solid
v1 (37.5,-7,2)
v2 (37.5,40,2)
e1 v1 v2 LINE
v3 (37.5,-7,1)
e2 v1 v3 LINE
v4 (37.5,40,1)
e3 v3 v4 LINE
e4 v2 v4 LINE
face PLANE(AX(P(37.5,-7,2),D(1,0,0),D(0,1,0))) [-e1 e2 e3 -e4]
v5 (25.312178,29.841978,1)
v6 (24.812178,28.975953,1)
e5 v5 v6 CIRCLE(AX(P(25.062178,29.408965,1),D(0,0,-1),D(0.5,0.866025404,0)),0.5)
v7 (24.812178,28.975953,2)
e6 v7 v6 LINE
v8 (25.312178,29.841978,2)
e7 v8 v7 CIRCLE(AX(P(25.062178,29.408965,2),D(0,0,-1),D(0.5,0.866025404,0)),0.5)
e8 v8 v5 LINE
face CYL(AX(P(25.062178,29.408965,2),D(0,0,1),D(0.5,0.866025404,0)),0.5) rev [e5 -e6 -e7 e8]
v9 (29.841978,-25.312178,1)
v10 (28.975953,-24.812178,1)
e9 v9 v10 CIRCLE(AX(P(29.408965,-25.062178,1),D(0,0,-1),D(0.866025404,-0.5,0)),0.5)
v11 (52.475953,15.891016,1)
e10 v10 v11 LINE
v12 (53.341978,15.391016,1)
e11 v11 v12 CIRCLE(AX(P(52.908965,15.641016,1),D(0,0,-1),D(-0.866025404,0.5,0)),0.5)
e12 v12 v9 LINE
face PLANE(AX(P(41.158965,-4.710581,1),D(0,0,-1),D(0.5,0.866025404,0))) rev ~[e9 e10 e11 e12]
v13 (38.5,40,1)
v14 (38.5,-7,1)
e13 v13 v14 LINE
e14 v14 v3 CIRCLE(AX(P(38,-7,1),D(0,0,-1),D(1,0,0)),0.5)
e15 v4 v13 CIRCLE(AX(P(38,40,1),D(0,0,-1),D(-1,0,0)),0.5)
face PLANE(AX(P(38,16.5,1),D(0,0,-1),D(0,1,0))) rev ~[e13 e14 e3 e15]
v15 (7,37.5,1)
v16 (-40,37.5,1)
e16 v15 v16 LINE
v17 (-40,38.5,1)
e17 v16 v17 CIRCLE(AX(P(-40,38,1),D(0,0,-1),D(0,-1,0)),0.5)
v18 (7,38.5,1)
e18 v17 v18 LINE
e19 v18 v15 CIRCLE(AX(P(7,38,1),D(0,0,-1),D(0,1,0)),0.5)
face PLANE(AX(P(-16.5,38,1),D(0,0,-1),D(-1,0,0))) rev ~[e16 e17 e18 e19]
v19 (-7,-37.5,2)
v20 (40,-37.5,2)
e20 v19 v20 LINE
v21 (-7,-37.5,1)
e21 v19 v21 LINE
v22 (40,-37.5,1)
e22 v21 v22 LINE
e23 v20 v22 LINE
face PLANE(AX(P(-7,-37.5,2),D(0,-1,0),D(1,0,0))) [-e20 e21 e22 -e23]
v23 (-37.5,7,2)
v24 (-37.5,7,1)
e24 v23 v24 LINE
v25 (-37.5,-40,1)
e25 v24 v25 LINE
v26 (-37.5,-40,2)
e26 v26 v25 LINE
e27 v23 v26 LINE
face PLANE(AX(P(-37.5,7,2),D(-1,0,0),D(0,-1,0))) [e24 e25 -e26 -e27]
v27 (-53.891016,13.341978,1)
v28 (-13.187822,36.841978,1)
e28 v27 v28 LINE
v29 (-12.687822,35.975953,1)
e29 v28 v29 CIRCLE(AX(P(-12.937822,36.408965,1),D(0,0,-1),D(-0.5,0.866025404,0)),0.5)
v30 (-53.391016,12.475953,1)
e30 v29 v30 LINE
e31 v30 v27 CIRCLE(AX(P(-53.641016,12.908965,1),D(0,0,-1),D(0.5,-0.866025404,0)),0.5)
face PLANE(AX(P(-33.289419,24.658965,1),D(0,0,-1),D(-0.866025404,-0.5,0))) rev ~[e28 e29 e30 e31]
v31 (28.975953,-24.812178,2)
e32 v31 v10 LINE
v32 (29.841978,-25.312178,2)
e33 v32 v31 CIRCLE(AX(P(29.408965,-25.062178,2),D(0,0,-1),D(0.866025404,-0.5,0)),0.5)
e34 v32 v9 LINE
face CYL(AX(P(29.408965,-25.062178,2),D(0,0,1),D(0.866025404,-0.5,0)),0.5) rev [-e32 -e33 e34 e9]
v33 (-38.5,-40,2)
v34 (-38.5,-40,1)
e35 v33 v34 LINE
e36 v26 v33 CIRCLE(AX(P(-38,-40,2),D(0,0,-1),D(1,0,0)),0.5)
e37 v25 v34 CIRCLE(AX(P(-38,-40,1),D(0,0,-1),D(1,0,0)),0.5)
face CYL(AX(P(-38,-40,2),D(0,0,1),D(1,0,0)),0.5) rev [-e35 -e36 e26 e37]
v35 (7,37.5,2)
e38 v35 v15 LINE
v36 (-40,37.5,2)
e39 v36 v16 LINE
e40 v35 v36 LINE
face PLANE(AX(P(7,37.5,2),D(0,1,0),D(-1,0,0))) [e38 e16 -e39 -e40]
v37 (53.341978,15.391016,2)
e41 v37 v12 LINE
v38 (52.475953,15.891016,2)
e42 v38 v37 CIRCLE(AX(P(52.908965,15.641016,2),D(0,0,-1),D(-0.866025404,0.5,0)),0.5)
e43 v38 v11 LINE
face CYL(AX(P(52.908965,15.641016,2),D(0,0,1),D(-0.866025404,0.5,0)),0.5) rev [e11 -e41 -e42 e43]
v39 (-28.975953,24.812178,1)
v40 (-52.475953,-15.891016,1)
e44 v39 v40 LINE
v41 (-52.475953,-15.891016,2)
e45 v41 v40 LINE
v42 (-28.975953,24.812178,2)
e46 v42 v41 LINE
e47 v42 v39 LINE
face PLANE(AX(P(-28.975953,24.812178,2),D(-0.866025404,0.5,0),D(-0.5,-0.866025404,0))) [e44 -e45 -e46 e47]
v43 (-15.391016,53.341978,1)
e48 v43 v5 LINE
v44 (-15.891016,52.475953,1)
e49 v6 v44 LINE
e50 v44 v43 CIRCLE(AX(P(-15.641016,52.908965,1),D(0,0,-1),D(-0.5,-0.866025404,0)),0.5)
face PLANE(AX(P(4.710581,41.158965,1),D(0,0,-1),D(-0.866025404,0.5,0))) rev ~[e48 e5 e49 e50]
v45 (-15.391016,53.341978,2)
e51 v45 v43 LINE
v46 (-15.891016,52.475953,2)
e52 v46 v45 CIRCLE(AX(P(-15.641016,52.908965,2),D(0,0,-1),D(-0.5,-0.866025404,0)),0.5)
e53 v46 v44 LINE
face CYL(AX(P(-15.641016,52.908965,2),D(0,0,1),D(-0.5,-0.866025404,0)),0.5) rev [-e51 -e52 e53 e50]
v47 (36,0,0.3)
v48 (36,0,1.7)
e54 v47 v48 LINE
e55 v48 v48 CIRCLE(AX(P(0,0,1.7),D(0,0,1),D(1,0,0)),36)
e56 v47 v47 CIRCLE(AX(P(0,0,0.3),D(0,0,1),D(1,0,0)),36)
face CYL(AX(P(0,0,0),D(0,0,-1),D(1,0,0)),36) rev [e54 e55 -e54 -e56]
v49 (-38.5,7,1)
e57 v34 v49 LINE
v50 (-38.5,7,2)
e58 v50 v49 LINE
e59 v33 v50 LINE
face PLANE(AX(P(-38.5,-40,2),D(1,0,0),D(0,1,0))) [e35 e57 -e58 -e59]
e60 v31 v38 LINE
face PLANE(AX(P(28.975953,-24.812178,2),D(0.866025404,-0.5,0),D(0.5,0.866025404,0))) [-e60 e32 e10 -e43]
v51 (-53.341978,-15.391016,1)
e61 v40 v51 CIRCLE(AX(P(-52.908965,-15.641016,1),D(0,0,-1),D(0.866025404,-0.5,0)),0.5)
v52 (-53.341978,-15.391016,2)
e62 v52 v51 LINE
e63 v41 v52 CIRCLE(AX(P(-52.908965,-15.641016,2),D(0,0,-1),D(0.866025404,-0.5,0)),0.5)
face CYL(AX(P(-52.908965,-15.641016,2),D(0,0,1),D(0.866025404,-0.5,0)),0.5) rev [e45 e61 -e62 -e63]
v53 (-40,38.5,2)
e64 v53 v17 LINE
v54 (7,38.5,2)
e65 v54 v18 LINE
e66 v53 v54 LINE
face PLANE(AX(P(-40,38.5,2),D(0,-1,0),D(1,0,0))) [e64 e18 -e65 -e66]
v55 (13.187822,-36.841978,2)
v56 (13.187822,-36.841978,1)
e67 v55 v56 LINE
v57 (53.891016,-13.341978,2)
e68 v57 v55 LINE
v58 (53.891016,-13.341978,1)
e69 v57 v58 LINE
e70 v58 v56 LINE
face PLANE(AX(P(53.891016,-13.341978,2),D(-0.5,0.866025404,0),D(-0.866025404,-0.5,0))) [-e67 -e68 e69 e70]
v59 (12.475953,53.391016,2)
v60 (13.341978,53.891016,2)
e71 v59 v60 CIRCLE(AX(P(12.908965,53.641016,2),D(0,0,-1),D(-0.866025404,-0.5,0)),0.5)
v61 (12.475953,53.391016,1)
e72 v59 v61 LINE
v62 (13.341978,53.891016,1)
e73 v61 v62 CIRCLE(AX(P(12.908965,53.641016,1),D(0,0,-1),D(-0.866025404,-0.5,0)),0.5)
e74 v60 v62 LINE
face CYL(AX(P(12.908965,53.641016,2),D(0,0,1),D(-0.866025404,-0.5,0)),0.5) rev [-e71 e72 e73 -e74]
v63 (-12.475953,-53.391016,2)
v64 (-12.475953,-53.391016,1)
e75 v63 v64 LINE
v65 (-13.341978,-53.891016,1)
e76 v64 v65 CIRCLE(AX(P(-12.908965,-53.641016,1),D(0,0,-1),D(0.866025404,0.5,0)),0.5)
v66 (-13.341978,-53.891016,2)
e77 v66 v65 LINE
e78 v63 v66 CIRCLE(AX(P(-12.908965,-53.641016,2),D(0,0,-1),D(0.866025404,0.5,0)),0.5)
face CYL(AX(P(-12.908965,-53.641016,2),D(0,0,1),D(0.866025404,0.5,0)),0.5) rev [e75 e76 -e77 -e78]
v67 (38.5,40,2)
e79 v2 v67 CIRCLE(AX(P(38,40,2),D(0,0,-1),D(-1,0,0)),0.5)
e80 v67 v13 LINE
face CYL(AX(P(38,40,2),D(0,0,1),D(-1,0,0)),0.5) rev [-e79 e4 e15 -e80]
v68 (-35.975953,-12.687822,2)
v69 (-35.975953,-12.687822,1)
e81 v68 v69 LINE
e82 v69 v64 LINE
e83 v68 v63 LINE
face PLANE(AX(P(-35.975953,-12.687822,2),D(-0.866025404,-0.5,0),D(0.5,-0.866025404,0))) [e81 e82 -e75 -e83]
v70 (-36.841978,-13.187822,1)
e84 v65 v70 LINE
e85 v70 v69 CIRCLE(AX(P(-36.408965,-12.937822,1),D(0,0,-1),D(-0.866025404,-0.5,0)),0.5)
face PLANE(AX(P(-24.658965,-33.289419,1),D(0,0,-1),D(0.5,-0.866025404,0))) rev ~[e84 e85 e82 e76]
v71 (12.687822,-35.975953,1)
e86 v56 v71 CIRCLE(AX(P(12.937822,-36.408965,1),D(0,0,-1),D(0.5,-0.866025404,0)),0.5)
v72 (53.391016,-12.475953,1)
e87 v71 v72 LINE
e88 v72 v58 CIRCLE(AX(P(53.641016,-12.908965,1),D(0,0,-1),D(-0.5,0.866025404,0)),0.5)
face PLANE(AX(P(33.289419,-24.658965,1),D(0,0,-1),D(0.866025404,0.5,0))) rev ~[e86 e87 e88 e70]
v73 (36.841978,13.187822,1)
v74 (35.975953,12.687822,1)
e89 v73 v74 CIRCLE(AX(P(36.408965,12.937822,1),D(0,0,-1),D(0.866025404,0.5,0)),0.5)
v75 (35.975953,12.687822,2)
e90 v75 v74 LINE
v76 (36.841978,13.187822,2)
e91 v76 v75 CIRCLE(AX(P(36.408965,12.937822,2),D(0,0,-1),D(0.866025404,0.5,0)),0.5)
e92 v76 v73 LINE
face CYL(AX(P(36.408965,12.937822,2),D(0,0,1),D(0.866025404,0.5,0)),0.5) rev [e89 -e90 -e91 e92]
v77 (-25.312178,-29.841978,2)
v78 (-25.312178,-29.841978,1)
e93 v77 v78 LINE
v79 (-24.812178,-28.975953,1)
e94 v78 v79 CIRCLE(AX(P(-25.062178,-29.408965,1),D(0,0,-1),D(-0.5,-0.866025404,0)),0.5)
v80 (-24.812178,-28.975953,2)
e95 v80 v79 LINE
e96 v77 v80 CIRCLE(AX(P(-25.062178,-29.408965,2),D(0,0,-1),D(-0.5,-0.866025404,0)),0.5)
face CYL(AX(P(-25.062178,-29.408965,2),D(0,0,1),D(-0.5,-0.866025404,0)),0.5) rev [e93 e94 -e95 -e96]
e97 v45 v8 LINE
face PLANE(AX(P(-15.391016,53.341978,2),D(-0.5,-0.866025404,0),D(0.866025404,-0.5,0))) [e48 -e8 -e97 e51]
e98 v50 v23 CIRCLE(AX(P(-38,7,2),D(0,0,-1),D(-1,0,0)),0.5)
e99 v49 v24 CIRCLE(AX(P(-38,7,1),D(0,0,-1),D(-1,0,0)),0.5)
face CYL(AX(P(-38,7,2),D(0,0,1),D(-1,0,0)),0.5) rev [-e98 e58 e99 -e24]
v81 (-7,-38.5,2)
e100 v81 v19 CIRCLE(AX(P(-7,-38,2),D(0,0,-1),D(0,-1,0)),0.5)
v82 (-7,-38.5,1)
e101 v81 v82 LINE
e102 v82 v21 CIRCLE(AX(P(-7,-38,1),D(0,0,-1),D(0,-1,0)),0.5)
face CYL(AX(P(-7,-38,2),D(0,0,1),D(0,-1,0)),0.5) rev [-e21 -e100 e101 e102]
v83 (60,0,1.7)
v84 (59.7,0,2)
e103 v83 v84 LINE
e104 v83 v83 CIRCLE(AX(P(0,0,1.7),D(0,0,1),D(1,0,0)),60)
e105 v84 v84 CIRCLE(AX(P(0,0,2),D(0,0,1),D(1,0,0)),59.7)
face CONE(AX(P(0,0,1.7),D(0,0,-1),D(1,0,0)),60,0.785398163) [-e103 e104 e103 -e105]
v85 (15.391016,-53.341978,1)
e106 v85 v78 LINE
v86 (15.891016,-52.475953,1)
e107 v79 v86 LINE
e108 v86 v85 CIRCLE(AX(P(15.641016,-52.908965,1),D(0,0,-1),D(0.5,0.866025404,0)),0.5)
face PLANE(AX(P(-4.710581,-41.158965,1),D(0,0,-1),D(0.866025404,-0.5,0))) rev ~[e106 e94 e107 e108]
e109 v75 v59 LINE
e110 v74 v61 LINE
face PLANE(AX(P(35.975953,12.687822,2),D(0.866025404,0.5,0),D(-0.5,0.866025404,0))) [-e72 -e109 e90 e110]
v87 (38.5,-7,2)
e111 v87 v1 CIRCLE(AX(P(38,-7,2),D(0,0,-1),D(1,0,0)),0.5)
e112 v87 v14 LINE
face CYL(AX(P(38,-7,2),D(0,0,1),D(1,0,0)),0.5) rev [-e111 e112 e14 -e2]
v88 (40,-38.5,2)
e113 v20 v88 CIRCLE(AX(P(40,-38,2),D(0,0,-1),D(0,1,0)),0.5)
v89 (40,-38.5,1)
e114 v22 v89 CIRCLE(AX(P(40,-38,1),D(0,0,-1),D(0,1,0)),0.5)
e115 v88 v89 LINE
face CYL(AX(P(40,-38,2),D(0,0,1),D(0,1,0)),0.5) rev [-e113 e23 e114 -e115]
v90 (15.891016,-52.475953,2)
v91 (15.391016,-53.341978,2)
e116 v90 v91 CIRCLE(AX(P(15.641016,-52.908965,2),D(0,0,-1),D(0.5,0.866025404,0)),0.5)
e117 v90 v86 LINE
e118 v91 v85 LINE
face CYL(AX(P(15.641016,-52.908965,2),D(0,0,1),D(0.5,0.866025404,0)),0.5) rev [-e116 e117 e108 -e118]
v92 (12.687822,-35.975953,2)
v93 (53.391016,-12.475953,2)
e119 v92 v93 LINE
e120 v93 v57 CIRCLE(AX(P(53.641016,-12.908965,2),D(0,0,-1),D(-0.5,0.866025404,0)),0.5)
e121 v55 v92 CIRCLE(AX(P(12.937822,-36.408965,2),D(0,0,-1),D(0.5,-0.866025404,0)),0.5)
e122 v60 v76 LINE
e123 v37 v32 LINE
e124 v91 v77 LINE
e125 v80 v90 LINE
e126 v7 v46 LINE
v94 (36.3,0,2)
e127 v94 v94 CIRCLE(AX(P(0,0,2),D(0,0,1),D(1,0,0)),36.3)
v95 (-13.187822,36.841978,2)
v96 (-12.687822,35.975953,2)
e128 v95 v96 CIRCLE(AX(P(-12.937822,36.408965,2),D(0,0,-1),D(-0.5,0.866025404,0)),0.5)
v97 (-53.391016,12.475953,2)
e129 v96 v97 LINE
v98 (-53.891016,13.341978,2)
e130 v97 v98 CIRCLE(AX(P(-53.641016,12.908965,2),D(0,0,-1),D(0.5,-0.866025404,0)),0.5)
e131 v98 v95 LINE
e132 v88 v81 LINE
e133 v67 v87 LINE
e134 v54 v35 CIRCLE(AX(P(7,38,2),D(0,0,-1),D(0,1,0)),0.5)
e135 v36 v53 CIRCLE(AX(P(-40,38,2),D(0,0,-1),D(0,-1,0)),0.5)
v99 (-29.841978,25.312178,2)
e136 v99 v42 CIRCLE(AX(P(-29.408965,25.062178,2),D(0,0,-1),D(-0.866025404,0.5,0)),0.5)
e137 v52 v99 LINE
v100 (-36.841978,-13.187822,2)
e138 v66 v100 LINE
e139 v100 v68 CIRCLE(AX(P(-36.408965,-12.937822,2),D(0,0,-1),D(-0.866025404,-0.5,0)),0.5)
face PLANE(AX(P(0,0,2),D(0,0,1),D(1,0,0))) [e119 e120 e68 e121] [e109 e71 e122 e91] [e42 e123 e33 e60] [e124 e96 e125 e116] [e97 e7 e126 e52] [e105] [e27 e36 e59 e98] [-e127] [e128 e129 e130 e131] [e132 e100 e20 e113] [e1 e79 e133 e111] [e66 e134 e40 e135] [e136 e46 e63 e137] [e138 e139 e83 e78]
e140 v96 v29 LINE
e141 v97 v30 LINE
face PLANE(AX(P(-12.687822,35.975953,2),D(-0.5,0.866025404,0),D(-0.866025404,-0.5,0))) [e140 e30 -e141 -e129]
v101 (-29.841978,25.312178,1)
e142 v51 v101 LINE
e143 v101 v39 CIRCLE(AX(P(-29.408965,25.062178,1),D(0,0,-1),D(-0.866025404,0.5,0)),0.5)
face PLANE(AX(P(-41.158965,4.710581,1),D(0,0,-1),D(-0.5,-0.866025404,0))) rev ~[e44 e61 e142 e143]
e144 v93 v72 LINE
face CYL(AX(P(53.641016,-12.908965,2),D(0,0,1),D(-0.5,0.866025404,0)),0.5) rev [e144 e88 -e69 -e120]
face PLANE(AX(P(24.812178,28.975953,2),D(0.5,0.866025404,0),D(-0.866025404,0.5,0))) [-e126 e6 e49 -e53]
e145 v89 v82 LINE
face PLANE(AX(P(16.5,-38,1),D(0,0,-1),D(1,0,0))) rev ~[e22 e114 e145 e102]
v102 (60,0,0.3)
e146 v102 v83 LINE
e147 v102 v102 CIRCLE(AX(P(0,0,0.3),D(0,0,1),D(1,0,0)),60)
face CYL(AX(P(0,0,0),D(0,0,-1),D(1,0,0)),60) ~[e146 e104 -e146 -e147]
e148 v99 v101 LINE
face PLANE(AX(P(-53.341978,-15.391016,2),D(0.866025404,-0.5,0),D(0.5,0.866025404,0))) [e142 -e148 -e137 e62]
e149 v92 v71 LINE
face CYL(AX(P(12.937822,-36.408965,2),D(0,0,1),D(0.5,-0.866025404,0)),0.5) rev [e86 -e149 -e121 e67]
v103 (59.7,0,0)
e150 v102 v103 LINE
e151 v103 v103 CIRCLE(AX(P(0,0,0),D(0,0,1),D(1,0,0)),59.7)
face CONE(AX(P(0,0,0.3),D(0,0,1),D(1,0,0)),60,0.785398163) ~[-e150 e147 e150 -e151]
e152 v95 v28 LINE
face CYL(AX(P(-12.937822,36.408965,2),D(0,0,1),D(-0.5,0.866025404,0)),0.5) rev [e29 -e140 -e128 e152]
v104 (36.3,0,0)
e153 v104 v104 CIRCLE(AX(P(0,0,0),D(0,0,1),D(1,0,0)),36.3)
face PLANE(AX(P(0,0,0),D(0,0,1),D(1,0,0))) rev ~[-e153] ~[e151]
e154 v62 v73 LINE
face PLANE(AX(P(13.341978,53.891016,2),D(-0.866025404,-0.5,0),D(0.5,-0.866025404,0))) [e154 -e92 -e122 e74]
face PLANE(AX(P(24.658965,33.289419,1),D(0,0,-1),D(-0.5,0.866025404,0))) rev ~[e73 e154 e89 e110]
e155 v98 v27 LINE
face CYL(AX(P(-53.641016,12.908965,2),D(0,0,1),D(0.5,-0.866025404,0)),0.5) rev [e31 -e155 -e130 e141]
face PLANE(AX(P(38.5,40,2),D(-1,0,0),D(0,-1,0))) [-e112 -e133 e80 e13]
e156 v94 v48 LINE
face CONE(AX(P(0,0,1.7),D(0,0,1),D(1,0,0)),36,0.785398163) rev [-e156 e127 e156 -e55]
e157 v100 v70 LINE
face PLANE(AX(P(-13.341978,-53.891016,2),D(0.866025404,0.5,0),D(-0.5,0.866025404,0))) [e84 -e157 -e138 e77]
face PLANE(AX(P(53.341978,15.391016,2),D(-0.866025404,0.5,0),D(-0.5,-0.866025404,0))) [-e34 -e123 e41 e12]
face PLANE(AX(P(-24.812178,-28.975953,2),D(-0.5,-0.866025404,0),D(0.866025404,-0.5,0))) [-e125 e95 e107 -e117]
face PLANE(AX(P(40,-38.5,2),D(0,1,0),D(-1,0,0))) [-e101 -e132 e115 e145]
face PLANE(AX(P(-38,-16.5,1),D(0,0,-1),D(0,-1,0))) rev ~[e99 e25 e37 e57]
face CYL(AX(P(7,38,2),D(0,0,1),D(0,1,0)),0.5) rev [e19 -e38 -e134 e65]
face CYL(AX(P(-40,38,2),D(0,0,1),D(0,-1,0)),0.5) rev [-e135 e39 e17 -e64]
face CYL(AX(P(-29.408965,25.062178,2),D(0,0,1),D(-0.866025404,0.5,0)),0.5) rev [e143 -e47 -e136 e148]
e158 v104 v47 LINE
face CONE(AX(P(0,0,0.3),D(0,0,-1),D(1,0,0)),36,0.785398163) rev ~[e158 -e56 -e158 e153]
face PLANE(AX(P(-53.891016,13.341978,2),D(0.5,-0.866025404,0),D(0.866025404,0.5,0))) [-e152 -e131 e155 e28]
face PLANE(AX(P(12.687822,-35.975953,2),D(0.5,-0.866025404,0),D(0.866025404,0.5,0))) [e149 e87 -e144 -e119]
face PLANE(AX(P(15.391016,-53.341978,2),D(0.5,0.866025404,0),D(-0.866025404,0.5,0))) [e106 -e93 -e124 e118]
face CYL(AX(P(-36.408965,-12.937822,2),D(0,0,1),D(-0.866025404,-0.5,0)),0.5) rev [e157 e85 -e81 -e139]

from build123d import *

# Parameters (mm, degrees)
SKETCH1_R           = 60
SKETCH1_R_2         = 36
BOSS_EXTRUDE1_DEPTH = 2
CUT_EXTRUDE1_DEPTH  = 1
CIRPATTERN1_COUNT   = 12
CHAMFER1_SIZE       = 0.3


with BuildPart() as part:
    # Sketch1 → Boss-Extrude1 (new body)
    with BuildSketch(Plane.XY):
        Circle(SKETCH1_R)
        Circle(SKETCH1_R_2, mode=Mode.SUBTRACT)
    extrude(amount=BOSS_EXTRUDE1_DEPTH)

    # Sketch2 → Cut-Extrude1 (cut)
    with BuildSketch(Plane.XY.offset(2)):
        with BuildLine():
            Line((-40, 38.5), (7, 38.5))
            ThreePointArc((7, 38.5), (7.5, 38), (7, 37.5))
            Line((7, 37.5), (-40, 37.5))
            ThreePointArc((-40, 37.5), (-40.5, 38), (-40, 38.5))
        make_face()
    cut_extrude1 = extrude(amount=-CUT_EXTRUDE1_DEPTH, mode=Mode.SUBTRACT)

    # CirPattern1: Cut-Extrude1 ×12 about axis
    cirpattern1_axis = Axis((0, 0, 0), (0, 0, 1))
    for i in range(1, CIRPATTERN1_COUNT):
        add(cut_extrude1.rotate(cirpattern1_axis, i * 360 / CIRPATTERN1_COUNT), mode=Mode.SUBTRACT)

    # Chamfer1
    chamfer1_edges = [part.edges().sort_by_distance(p)[0] for p in [
        (-60, 0, 0),
        (-60, 0, 2),
        (-36, 0, 0),
        (-36, 0, 2),
    ]]
    chamfer(chamfer1_edges, length=CHAMFER1_SIZE)


solid = part.part
